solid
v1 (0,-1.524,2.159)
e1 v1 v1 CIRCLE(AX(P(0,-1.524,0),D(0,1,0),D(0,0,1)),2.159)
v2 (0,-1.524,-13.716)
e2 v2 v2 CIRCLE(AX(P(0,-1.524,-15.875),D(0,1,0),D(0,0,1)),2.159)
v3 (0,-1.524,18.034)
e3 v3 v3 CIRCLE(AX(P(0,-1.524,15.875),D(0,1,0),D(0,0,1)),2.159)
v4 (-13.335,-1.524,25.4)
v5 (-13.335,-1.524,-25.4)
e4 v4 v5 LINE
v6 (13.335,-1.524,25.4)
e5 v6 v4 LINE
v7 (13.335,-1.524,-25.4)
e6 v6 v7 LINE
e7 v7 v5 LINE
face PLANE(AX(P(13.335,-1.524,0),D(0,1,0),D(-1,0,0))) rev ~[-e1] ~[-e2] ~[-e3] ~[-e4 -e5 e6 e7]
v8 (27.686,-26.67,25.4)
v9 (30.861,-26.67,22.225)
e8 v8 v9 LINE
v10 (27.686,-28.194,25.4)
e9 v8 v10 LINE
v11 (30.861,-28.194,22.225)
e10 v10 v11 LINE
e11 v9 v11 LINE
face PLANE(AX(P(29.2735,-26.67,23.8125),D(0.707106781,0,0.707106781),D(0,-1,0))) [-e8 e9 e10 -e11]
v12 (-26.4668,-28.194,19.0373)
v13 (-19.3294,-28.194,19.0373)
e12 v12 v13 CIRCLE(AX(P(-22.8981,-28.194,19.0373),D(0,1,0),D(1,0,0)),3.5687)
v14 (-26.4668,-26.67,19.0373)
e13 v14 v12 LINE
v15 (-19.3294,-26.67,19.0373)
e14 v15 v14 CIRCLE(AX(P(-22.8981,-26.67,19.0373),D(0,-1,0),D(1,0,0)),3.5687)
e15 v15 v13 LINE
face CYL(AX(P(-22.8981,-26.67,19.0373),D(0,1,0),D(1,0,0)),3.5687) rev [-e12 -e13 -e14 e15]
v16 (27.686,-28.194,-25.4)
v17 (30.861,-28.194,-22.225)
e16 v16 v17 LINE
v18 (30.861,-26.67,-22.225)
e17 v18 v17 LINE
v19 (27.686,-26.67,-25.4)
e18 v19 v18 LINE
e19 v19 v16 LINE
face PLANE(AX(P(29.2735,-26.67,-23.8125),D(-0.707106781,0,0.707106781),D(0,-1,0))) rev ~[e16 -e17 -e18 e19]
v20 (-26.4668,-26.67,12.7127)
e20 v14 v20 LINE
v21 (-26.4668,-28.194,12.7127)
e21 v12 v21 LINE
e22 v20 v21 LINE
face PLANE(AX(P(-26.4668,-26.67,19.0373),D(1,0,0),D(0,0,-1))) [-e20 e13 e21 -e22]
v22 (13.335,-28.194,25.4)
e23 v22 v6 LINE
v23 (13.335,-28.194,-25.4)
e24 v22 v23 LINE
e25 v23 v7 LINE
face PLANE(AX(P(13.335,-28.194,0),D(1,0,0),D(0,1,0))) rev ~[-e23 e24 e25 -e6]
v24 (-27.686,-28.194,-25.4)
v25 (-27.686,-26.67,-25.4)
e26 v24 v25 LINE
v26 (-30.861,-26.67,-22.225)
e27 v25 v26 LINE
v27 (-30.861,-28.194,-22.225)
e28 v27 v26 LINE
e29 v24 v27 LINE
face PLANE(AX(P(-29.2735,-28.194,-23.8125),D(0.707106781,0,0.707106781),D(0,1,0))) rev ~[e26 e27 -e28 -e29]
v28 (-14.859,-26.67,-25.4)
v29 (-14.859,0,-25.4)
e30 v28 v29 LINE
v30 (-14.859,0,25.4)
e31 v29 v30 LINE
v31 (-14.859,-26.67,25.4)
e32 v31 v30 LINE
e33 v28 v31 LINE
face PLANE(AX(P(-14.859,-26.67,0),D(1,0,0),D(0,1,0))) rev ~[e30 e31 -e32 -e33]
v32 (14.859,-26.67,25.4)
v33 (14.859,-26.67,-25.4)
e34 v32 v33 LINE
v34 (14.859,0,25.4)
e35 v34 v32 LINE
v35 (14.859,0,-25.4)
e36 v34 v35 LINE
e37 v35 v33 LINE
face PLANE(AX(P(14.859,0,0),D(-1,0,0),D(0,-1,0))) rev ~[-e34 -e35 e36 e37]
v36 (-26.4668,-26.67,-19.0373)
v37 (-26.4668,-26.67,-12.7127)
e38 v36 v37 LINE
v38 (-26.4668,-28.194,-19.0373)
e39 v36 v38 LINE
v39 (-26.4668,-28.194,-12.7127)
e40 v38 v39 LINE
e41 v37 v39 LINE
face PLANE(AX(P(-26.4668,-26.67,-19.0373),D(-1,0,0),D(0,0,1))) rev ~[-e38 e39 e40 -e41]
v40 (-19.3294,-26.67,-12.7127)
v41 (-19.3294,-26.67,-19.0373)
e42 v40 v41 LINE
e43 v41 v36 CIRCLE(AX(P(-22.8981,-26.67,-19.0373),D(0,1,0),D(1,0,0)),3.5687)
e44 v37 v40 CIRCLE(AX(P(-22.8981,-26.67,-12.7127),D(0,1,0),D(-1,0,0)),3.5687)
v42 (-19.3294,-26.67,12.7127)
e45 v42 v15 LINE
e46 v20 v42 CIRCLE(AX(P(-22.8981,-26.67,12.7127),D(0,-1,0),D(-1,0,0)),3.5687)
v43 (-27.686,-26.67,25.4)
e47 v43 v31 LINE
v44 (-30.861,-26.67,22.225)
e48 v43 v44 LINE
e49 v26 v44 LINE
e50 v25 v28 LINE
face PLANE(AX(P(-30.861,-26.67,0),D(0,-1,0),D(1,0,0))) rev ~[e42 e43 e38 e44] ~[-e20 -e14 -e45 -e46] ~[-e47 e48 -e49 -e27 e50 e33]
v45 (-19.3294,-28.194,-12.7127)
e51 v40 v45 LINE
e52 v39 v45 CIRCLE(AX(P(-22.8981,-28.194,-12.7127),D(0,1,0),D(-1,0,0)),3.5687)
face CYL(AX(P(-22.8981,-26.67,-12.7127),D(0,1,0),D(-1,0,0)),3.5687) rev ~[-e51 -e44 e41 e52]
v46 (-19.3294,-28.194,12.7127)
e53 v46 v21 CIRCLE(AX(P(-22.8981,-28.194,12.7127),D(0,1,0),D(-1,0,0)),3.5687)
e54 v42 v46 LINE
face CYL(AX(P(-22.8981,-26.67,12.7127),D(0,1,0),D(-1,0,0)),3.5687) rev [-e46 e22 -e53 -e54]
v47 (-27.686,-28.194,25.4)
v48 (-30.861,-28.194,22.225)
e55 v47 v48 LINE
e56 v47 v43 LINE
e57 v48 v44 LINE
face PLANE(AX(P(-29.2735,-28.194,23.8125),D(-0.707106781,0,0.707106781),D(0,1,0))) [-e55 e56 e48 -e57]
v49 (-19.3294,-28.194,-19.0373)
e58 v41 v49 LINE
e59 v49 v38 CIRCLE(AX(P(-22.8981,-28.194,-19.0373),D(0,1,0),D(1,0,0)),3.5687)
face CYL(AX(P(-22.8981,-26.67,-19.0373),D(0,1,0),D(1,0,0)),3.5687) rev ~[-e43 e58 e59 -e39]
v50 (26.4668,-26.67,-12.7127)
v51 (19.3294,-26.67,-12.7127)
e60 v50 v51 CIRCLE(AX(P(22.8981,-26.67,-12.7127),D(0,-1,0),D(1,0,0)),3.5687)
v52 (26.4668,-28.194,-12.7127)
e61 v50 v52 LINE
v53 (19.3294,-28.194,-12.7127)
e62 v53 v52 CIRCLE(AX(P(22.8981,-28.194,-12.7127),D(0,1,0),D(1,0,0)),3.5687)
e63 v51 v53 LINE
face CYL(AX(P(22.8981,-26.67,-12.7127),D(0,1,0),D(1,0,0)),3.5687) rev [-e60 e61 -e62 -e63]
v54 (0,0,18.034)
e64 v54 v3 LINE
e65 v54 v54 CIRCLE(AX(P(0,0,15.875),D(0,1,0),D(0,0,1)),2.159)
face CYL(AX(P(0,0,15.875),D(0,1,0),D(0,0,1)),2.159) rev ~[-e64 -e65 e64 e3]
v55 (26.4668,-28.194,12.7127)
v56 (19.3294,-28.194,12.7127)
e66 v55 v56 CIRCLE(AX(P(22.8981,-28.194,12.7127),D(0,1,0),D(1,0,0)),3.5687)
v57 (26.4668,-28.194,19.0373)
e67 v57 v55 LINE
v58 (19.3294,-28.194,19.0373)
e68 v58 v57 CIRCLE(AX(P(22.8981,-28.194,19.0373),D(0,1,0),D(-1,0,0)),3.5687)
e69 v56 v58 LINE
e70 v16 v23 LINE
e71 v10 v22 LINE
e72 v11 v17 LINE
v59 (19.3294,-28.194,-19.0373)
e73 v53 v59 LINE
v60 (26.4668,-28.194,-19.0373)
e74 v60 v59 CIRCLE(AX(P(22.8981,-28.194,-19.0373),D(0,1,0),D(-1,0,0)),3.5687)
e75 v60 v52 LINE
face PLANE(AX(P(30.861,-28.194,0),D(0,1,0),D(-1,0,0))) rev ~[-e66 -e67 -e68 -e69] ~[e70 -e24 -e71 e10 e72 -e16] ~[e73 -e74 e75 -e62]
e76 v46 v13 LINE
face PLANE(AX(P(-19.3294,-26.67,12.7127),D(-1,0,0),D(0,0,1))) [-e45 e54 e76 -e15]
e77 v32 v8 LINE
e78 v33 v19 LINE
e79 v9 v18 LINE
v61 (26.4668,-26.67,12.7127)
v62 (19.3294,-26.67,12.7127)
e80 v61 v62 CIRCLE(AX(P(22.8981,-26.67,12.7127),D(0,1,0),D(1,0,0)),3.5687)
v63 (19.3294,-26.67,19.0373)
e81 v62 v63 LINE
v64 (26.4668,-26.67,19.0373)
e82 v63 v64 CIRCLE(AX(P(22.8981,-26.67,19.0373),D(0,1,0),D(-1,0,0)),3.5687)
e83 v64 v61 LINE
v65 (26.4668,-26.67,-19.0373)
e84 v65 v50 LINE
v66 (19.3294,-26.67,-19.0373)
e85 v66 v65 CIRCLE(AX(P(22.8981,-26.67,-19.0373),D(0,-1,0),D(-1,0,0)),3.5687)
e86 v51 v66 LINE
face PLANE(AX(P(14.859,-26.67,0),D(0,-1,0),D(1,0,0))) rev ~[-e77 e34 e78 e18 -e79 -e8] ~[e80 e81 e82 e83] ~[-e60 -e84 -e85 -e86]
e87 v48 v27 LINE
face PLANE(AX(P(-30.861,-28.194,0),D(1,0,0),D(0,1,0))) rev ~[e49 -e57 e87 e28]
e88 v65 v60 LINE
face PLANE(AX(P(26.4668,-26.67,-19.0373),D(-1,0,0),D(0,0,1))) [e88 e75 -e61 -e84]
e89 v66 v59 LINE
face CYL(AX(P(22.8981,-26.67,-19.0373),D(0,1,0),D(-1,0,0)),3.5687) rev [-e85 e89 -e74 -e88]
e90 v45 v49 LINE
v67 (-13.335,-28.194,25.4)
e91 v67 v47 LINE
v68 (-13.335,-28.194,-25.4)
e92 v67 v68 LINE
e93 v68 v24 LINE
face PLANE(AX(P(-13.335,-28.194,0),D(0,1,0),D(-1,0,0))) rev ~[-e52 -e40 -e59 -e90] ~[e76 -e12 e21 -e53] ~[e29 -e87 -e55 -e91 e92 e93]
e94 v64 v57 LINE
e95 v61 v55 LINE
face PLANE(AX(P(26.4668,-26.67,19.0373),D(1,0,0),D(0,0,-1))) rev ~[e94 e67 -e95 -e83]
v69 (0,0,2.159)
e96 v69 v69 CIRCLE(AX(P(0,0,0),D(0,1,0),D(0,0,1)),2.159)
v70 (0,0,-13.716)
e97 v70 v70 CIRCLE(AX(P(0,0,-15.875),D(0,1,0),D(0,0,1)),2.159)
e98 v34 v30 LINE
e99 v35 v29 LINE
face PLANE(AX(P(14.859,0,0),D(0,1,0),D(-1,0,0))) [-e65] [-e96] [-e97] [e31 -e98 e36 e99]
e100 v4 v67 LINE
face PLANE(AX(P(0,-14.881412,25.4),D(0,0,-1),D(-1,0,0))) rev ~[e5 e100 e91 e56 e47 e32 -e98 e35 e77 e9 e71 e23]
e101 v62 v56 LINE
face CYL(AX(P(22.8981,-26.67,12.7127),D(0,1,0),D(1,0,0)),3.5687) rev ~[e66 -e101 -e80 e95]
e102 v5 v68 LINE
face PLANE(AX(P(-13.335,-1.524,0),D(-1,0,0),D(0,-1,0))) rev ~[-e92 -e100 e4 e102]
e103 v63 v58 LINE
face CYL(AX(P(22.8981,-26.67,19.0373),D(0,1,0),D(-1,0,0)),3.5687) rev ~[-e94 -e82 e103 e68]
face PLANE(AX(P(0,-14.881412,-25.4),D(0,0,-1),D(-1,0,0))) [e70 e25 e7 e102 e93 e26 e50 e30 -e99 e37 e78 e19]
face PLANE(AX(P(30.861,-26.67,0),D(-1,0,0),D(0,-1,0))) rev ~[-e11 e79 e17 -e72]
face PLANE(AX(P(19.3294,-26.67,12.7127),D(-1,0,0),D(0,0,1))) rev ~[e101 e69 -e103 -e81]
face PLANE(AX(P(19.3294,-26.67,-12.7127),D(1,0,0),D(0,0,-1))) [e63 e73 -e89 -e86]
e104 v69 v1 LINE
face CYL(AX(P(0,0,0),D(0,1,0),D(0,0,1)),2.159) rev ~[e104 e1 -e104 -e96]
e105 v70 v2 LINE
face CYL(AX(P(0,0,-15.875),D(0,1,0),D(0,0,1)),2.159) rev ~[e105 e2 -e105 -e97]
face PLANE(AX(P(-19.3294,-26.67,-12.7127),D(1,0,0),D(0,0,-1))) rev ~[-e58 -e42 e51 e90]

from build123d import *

# Parameters (mm, degrees)
BOSS_EXTRUDE1_DEPTH = 25.4
SKETCH3_R           = 2.159
CUT_EXTRUDE3_DEPTH  = 49.912809743
CUT_EXTRUDE4_DEPTH  = 49.050496574
CHAMFER1_SIZE       = 3.175


with BuildPart() as part:
    # Sketch2 → Boss-Extrude1 (new, symmetric)
    with BuildSketch(Plane.XY):
        Polygon((-14.859, 0), (-14.225031823, 0), (14.859, 0), (14.859, -26.67), (30.861, -26.67), (30.861, -28.194), (13.335, -28.194), (13.335, -1.524), (-13.335, -1.524), (-13.335, -28.194), (-30.861, -28.194), (-30.861, -26.67), (-14.859, -26.67), align=None)
    extrude(amount=BOSS_EXTRUDE1_DEPTH, both=True)

    # Sketch3 → Cut-Extrude3 (cut, through all)
    with BuildSketch(Plane(origin=(0, 0, 0), x_dir=(1, 0, 0), z_dir=(0, 1, 0))):
        with Locations(Location((0, -15.875, 0), (0, 0, 270))):
            Circle(SKETCH3_R)
        with Locations(Location((0, 15.875, 0), (0, 0, 270))):
            Circle(SKETCH3_R)
        with Locations(Location((0, 0, 0), (0, 0, 270))):
            Circle(SKETCH3_R)
    extrude(amount=-CUT_EXTRUDE3_DEPTH, mode=Mode.SUBTRACT)

    # Sketch9 → Cut-Extrude4 (cut, through all)
    with BuildSketch(Plane(origin=(0, -26.67, 0), x_dir=(1, 0, 0), z_dir=(0, 1, 0))):
        with BuildLine():
            Line((26.4668, 19.0373), (26.4668, 12.7127))
            ThreePointArc((26.4668, 12.7127), (22.8981, 9.144), (19.3294, 12.7127))
            Line((19.3294, 12.7127), (19.3294, 19.0373))
            ThreePointArc((19.3294, 19.0373), (22.8981, 22.606), (26.4668, 19.0373))
        make_face()
        with BuildLine():
            Line((-26.4668, 19.0373), (-26.4668, 12.7127))
            ThreePointArc((-26.4668, 12.7127), (-22.8981, 9.144), (-19.3294, 12.7127))
            Line((-19.3294, 12.7127), (-19.3294, 19.0373))
            ThreePointArc((-19.3294, 19.0373), (-22.8981, 22.606), (-26.4668, 19.0373))
        make_face()
        with BuildLine():
            Line((26.4668, -19.0373), (26.4668, -12.7127))
            ThreePointArc((26.4668, -12.7127), (22.8981, -9.144), (19.3294, -12.7127))
            Line((19.3294, -12.7127), (19.3294, -19.0373))
            ThreePointArc((19.3294, -19.0373), (22.8981, -22.606), (26.4668, -19.0373))
        make_face()
        with BuildLine():
            Line((-26.4668, -19.0373), (-26.4668, -12.7127))
            ThreePointArc((-26.4668, -12.7127), (-22.8981, -9.144), (-19.3294, -12.7127))
            Line((-19.3294, -12.7127), (-19.3294, -19.0373))
            ThreePointArc((-19.3294, -19.0373), (-22.8981, -22.606), (-26.4668, -19.0373))
        make_face()
    extrude(amount=-CUT_EXTRUDE4_DEPTH, mode=Mode.SUBTRACT)

    # Chamfer1
    chamfer1_edges = [part.edges().sort_by_distance(p)[0] for p in [
        (-30.861, -27.432, 25.4),
        (30.861, -27.432, -25.4),
        (-30.861, -27.432, -25.4),
        (30.861, -27.432, 25.4),
    ]]
    chamfer(chamfer1_edges, length=CHAMFER1_SIZE)


solid = part.part
